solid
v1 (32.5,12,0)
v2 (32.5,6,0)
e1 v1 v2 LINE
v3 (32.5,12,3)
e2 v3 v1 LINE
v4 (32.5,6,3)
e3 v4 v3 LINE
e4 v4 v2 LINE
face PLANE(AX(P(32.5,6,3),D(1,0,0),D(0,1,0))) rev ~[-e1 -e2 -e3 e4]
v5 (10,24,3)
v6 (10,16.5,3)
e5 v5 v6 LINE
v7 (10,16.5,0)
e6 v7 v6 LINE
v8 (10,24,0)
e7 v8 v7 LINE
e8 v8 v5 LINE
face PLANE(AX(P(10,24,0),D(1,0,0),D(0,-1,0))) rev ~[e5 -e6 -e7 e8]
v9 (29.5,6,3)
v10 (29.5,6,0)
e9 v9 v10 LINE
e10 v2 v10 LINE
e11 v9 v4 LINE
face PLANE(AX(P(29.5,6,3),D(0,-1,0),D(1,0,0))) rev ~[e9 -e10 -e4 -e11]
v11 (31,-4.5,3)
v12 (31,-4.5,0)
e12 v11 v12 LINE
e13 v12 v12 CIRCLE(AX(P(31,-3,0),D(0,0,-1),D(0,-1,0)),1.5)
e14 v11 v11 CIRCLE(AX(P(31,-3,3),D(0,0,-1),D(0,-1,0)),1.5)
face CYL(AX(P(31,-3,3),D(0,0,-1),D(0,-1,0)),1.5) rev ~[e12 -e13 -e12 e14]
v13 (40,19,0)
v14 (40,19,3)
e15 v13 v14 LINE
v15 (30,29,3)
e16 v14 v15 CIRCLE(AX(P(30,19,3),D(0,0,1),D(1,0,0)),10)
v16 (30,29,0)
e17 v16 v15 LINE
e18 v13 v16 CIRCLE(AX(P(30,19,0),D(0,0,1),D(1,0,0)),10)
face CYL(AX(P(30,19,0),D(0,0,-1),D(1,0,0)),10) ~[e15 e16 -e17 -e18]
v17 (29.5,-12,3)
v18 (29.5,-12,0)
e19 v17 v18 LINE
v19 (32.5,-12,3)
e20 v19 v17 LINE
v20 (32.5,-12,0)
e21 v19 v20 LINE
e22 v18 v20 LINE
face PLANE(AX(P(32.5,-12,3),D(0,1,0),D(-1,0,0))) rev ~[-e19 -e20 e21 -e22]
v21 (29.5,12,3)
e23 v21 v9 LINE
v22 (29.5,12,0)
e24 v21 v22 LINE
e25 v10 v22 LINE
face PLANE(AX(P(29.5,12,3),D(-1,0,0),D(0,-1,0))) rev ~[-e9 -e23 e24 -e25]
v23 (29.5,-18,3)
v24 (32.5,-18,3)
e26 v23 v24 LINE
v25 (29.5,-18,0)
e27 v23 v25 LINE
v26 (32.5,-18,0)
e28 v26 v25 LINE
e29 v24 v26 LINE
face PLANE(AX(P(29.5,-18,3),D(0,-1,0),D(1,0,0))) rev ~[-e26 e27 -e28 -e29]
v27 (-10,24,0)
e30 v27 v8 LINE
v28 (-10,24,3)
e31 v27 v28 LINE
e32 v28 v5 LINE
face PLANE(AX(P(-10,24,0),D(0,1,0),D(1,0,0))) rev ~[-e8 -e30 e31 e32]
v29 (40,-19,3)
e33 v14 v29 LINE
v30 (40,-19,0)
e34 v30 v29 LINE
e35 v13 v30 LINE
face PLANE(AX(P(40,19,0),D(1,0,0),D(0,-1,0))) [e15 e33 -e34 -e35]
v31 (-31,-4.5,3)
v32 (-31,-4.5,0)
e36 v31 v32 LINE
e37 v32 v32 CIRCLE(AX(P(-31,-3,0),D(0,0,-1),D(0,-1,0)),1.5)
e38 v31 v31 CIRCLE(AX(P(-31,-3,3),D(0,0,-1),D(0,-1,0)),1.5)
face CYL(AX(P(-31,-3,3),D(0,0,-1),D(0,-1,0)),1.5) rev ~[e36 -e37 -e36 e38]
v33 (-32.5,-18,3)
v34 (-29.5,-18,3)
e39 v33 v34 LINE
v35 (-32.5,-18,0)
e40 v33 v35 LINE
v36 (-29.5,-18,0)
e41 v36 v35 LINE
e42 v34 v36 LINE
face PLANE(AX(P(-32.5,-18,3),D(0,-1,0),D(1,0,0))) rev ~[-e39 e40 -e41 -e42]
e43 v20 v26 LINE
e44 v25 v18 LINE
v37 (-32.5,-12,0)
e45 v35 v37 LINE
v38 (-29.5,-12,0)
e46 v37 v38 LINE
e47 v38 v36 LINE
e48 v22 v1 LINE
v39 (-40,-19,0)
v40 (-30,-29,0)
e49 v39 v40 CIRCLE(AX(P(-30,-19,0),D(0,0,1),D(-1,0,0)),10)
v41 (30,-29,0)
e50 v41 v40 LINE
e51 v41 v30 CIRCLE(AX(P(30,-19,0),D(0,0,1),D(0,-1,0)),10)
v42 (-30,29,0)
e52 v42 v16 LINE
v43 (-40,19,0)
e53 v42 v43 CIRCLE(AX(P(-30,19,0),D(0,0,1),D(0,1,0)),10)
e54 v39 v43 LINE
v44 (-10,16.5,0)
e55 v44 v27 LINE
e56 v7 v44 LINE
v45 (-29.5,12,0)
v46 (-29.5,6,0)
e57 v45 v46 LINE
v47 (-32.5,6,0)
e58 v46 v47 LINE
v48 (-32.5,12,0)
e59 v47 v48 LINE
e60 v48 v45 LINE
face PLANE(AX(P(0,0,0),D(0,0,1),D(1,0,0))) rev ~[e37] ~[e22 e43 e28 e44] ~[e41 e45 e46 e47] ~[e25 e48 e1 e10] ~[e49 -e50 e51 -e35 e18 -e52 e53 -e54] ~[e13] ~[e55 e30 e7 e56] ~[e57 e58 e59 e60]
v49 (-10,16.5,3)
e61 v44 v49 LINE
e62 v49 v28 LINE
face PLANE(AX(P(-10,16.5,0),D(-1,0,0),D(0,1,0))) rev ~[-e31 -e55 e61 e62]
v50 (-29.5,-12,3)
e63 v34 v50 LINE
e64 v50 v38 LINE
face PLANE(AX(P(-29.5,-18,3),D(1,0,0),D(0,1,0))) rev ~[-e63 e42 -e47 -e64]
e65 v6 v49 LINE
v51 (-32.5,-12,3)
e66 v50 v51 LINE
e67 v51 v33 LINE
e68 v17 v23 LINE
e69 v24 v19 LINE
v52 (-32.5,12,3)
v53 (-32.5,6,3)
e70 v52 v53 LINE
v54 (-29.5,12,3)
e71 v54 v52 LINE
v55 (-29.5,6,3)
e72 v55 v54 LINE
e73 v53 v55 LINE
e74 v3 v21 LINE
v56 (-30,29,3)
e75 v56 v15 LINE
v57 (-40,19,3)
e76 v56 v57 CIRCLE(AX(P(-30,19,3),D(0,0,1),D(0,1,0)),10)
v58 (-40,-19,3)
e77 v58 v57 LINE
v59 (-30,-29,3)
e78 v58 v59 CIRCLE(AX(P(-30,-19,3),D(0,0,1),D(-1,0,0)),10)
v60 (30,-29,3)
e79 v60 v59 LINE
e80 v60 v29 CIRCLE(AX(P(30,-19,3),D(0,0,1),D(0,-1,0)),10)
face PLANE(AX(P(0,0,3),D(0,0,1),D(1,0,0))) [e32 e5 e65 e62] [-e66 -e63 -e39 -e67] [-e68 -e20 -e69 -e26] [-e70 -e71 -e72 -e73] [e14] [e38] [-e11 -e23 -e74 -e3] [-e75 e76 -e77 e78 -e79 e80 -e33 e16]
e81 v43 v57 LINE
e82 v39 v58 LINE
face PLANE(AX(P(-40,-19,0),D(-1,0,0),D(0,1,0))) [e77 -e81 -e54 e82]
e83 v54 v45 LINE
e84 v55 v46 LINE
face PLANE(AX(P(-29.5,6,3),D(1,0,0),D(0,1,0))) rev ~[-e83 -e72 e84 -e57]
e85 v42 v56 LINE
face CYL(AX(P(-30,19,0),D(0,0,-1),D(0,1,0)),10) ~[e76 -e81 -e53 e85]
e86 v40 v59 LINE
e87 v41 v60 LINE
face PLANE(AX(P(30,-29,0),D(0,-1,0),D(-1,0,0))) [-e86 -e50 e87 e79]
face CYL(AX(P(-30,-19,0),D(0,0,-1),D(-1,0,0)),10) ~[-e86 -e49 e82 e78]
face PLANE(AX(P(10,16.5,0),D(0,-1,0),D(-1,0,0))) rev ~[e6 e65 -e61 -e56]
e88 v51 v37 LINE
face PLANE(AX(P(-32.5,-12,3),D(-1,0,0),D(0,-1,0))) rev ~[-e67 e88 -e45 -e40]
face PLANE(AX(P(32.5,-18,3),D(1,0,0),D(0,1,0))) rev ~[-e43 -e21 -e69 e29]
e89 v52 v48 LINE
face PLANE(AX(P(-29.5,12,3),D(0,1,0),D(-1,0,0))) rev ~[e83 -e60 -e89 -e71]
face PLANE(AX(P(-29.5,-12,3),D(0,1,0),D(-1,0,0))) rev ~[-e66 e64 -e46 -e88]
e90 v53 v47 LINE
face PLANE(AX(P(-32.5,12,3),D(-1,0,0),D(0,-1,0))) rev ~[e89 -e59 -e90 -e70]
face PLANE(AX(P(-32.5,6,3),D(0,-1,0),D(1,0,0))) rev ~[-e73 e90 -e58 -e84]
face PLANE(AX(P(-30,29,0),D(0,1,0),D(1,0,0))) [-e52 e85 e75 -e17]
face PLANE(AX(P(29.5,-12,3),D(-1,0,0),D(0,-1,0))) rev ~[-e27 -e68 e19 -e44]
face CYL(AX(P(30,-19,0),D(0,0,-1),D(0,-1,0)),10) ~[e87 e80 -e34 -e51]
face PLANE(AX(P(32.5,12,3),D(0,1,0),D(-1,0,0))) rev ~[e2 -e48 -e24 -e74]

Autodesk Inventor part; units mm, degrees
ref_plane "YZ Plane" through (0, 0, 0) normal (1, 0, 0) x (0, 1, 0)
ref_plane "XZ Plane" through (0, 0, 0) normal (0, 1, 0) x (-1, 0, 0)
ref_plane "XY Plane" through (0, 0, 0) normal (0, 0, 1) x (1, 0, 0)
sketch "Sketch1" plane through (0, 0, 0) normal (0, 0, 1) x (1, 0, 0)
  line L0 (-30, 29) -> (30, 29)
  line L1 (40, 19) -> (40, -19)
  line L2 (30, -29) -> (-30, -29)
  line L3 (-40, -19) -> (-40, 19)
  arc A0 (-30, 29) -> (-40, 19) centre (-30, 19) ccw
  arc A1 (40, 19) -> (30, 29) centre (30, 19) ccw
  arc A2 (-40, -19) -> (-30, -29) centre (-30, -19) ccw
  arc A3 (30, -29) -> (40, -19) centre (30, -19) ccw
  line L4 (-10, 24) -> (10, 24)
  line L5 (10, 24) -> (10, 16.5)
  line L6 (10, 16.5) -> (-10, 16.5)
  line L7 (-10, 16.5) -> (-10, 24)
  point P0 (0, 0)
  point P1 (-40, 29)
  point P2 (40, -29)
  point P3 (40, 29)
  point P4 (-40, -29)
  point P5 (40, 0)
  point P6 (0, 29)
  point P7 (0, 16.5)
  dimension "d0" = 58
  dimension "d1" = 80
  dimension "d4" = 10
  dimension "d13" = 5
  dimension "d14" = 7.5
  dimension "d15" = 20
extrude "Extrusion1" add sketch "Sketch1" along normal blind 3
sketch "Sketch2" plane through (0, 0, 3) normal (0, 0, 1) x (1, 0, 0)
  line L0 (30, 29) -> (-30, 29) projected
  arc A0 (-30, 29) -> (-40, 19) centre (-30, 19) ccw projected
  line L1 (-40, 19) -> (-40, -19) projected
  arc A1 (-40, -19) -> (-30, -29) centre (-30, -19) ccw projected
  line L2 (-30, -29) -> (30, -29) projected
  arc A2 (30, -29) -> (40, -19) centre (30, -19) ccw projected
  line L3 (40, -19) -> (40, 19) projected
  arc A3 (40, 19) -> (30, 29) centre (30, 19) ccw projected
  line L4 (-32.5, -18) -> (-29.5, -18)
  line L5 (-29.5, -18) -> (-29.5, -12)
  line L6 (-29.5, -12) -> (-32.5, -12)
  line L7 (-32.5, -12) -> (-32.5, -18)
  line L8 (-32.5, 6) -> (-29.5, 6)
  line L9 (-29.5, 6) -> (-29.5, 12)
  line L10 (-29.5, 12) -> (-32.5, 12)
  line L11 (-32.5, 12) -> (-32.5, 6)
  line L12 (29.5, -18) -> (32.5, -18)
  line L13 (32.5, -18) -> (32.5, -12)
  line L14 (32.5, -12) -> (29.5, -12)
  line L15 (29.5, -12) -> (29.5, -18)
  line L16 (29.5, 6) -> (32.5, 6)
  line L17 (32.5, 6) -> (32.5, 12)
  line L18 (32.5, 12) -> (29.5, 12)
  line L19 (29.5, 12) -> (29.5, 6)
  line L20 (-31, 6) -> (-31, -12) construction
  point P0 (0, 0)
  point P1 (-31, -3)
  point P2 (31, -3)
  point P3 (31, 6)
  point P4 (-31, -3)
  dimension "d5" = 62
  dimension "d17" = 31
  dimension "d18" = 3
  dimension "d19" = 6
  dimension "d20" = 3
  dimension "d21" = 18
hole "Hole1" at (-31, -3, 3) at (31, -3, 3) direction (0, 0, -1) diameter 3 end through all
extrude "Extrusion2" cut sketch "Sketch2" against normal up to next contours L7 L6 L5 L4 | L11 L10 L9 L8 | L15 L14 L13 L12 | L19 L18 L17 L16
equation "\"d17\" = 0.5 * d5"
properties part number "Front_panel" material "Polycarbonate, Clear"
